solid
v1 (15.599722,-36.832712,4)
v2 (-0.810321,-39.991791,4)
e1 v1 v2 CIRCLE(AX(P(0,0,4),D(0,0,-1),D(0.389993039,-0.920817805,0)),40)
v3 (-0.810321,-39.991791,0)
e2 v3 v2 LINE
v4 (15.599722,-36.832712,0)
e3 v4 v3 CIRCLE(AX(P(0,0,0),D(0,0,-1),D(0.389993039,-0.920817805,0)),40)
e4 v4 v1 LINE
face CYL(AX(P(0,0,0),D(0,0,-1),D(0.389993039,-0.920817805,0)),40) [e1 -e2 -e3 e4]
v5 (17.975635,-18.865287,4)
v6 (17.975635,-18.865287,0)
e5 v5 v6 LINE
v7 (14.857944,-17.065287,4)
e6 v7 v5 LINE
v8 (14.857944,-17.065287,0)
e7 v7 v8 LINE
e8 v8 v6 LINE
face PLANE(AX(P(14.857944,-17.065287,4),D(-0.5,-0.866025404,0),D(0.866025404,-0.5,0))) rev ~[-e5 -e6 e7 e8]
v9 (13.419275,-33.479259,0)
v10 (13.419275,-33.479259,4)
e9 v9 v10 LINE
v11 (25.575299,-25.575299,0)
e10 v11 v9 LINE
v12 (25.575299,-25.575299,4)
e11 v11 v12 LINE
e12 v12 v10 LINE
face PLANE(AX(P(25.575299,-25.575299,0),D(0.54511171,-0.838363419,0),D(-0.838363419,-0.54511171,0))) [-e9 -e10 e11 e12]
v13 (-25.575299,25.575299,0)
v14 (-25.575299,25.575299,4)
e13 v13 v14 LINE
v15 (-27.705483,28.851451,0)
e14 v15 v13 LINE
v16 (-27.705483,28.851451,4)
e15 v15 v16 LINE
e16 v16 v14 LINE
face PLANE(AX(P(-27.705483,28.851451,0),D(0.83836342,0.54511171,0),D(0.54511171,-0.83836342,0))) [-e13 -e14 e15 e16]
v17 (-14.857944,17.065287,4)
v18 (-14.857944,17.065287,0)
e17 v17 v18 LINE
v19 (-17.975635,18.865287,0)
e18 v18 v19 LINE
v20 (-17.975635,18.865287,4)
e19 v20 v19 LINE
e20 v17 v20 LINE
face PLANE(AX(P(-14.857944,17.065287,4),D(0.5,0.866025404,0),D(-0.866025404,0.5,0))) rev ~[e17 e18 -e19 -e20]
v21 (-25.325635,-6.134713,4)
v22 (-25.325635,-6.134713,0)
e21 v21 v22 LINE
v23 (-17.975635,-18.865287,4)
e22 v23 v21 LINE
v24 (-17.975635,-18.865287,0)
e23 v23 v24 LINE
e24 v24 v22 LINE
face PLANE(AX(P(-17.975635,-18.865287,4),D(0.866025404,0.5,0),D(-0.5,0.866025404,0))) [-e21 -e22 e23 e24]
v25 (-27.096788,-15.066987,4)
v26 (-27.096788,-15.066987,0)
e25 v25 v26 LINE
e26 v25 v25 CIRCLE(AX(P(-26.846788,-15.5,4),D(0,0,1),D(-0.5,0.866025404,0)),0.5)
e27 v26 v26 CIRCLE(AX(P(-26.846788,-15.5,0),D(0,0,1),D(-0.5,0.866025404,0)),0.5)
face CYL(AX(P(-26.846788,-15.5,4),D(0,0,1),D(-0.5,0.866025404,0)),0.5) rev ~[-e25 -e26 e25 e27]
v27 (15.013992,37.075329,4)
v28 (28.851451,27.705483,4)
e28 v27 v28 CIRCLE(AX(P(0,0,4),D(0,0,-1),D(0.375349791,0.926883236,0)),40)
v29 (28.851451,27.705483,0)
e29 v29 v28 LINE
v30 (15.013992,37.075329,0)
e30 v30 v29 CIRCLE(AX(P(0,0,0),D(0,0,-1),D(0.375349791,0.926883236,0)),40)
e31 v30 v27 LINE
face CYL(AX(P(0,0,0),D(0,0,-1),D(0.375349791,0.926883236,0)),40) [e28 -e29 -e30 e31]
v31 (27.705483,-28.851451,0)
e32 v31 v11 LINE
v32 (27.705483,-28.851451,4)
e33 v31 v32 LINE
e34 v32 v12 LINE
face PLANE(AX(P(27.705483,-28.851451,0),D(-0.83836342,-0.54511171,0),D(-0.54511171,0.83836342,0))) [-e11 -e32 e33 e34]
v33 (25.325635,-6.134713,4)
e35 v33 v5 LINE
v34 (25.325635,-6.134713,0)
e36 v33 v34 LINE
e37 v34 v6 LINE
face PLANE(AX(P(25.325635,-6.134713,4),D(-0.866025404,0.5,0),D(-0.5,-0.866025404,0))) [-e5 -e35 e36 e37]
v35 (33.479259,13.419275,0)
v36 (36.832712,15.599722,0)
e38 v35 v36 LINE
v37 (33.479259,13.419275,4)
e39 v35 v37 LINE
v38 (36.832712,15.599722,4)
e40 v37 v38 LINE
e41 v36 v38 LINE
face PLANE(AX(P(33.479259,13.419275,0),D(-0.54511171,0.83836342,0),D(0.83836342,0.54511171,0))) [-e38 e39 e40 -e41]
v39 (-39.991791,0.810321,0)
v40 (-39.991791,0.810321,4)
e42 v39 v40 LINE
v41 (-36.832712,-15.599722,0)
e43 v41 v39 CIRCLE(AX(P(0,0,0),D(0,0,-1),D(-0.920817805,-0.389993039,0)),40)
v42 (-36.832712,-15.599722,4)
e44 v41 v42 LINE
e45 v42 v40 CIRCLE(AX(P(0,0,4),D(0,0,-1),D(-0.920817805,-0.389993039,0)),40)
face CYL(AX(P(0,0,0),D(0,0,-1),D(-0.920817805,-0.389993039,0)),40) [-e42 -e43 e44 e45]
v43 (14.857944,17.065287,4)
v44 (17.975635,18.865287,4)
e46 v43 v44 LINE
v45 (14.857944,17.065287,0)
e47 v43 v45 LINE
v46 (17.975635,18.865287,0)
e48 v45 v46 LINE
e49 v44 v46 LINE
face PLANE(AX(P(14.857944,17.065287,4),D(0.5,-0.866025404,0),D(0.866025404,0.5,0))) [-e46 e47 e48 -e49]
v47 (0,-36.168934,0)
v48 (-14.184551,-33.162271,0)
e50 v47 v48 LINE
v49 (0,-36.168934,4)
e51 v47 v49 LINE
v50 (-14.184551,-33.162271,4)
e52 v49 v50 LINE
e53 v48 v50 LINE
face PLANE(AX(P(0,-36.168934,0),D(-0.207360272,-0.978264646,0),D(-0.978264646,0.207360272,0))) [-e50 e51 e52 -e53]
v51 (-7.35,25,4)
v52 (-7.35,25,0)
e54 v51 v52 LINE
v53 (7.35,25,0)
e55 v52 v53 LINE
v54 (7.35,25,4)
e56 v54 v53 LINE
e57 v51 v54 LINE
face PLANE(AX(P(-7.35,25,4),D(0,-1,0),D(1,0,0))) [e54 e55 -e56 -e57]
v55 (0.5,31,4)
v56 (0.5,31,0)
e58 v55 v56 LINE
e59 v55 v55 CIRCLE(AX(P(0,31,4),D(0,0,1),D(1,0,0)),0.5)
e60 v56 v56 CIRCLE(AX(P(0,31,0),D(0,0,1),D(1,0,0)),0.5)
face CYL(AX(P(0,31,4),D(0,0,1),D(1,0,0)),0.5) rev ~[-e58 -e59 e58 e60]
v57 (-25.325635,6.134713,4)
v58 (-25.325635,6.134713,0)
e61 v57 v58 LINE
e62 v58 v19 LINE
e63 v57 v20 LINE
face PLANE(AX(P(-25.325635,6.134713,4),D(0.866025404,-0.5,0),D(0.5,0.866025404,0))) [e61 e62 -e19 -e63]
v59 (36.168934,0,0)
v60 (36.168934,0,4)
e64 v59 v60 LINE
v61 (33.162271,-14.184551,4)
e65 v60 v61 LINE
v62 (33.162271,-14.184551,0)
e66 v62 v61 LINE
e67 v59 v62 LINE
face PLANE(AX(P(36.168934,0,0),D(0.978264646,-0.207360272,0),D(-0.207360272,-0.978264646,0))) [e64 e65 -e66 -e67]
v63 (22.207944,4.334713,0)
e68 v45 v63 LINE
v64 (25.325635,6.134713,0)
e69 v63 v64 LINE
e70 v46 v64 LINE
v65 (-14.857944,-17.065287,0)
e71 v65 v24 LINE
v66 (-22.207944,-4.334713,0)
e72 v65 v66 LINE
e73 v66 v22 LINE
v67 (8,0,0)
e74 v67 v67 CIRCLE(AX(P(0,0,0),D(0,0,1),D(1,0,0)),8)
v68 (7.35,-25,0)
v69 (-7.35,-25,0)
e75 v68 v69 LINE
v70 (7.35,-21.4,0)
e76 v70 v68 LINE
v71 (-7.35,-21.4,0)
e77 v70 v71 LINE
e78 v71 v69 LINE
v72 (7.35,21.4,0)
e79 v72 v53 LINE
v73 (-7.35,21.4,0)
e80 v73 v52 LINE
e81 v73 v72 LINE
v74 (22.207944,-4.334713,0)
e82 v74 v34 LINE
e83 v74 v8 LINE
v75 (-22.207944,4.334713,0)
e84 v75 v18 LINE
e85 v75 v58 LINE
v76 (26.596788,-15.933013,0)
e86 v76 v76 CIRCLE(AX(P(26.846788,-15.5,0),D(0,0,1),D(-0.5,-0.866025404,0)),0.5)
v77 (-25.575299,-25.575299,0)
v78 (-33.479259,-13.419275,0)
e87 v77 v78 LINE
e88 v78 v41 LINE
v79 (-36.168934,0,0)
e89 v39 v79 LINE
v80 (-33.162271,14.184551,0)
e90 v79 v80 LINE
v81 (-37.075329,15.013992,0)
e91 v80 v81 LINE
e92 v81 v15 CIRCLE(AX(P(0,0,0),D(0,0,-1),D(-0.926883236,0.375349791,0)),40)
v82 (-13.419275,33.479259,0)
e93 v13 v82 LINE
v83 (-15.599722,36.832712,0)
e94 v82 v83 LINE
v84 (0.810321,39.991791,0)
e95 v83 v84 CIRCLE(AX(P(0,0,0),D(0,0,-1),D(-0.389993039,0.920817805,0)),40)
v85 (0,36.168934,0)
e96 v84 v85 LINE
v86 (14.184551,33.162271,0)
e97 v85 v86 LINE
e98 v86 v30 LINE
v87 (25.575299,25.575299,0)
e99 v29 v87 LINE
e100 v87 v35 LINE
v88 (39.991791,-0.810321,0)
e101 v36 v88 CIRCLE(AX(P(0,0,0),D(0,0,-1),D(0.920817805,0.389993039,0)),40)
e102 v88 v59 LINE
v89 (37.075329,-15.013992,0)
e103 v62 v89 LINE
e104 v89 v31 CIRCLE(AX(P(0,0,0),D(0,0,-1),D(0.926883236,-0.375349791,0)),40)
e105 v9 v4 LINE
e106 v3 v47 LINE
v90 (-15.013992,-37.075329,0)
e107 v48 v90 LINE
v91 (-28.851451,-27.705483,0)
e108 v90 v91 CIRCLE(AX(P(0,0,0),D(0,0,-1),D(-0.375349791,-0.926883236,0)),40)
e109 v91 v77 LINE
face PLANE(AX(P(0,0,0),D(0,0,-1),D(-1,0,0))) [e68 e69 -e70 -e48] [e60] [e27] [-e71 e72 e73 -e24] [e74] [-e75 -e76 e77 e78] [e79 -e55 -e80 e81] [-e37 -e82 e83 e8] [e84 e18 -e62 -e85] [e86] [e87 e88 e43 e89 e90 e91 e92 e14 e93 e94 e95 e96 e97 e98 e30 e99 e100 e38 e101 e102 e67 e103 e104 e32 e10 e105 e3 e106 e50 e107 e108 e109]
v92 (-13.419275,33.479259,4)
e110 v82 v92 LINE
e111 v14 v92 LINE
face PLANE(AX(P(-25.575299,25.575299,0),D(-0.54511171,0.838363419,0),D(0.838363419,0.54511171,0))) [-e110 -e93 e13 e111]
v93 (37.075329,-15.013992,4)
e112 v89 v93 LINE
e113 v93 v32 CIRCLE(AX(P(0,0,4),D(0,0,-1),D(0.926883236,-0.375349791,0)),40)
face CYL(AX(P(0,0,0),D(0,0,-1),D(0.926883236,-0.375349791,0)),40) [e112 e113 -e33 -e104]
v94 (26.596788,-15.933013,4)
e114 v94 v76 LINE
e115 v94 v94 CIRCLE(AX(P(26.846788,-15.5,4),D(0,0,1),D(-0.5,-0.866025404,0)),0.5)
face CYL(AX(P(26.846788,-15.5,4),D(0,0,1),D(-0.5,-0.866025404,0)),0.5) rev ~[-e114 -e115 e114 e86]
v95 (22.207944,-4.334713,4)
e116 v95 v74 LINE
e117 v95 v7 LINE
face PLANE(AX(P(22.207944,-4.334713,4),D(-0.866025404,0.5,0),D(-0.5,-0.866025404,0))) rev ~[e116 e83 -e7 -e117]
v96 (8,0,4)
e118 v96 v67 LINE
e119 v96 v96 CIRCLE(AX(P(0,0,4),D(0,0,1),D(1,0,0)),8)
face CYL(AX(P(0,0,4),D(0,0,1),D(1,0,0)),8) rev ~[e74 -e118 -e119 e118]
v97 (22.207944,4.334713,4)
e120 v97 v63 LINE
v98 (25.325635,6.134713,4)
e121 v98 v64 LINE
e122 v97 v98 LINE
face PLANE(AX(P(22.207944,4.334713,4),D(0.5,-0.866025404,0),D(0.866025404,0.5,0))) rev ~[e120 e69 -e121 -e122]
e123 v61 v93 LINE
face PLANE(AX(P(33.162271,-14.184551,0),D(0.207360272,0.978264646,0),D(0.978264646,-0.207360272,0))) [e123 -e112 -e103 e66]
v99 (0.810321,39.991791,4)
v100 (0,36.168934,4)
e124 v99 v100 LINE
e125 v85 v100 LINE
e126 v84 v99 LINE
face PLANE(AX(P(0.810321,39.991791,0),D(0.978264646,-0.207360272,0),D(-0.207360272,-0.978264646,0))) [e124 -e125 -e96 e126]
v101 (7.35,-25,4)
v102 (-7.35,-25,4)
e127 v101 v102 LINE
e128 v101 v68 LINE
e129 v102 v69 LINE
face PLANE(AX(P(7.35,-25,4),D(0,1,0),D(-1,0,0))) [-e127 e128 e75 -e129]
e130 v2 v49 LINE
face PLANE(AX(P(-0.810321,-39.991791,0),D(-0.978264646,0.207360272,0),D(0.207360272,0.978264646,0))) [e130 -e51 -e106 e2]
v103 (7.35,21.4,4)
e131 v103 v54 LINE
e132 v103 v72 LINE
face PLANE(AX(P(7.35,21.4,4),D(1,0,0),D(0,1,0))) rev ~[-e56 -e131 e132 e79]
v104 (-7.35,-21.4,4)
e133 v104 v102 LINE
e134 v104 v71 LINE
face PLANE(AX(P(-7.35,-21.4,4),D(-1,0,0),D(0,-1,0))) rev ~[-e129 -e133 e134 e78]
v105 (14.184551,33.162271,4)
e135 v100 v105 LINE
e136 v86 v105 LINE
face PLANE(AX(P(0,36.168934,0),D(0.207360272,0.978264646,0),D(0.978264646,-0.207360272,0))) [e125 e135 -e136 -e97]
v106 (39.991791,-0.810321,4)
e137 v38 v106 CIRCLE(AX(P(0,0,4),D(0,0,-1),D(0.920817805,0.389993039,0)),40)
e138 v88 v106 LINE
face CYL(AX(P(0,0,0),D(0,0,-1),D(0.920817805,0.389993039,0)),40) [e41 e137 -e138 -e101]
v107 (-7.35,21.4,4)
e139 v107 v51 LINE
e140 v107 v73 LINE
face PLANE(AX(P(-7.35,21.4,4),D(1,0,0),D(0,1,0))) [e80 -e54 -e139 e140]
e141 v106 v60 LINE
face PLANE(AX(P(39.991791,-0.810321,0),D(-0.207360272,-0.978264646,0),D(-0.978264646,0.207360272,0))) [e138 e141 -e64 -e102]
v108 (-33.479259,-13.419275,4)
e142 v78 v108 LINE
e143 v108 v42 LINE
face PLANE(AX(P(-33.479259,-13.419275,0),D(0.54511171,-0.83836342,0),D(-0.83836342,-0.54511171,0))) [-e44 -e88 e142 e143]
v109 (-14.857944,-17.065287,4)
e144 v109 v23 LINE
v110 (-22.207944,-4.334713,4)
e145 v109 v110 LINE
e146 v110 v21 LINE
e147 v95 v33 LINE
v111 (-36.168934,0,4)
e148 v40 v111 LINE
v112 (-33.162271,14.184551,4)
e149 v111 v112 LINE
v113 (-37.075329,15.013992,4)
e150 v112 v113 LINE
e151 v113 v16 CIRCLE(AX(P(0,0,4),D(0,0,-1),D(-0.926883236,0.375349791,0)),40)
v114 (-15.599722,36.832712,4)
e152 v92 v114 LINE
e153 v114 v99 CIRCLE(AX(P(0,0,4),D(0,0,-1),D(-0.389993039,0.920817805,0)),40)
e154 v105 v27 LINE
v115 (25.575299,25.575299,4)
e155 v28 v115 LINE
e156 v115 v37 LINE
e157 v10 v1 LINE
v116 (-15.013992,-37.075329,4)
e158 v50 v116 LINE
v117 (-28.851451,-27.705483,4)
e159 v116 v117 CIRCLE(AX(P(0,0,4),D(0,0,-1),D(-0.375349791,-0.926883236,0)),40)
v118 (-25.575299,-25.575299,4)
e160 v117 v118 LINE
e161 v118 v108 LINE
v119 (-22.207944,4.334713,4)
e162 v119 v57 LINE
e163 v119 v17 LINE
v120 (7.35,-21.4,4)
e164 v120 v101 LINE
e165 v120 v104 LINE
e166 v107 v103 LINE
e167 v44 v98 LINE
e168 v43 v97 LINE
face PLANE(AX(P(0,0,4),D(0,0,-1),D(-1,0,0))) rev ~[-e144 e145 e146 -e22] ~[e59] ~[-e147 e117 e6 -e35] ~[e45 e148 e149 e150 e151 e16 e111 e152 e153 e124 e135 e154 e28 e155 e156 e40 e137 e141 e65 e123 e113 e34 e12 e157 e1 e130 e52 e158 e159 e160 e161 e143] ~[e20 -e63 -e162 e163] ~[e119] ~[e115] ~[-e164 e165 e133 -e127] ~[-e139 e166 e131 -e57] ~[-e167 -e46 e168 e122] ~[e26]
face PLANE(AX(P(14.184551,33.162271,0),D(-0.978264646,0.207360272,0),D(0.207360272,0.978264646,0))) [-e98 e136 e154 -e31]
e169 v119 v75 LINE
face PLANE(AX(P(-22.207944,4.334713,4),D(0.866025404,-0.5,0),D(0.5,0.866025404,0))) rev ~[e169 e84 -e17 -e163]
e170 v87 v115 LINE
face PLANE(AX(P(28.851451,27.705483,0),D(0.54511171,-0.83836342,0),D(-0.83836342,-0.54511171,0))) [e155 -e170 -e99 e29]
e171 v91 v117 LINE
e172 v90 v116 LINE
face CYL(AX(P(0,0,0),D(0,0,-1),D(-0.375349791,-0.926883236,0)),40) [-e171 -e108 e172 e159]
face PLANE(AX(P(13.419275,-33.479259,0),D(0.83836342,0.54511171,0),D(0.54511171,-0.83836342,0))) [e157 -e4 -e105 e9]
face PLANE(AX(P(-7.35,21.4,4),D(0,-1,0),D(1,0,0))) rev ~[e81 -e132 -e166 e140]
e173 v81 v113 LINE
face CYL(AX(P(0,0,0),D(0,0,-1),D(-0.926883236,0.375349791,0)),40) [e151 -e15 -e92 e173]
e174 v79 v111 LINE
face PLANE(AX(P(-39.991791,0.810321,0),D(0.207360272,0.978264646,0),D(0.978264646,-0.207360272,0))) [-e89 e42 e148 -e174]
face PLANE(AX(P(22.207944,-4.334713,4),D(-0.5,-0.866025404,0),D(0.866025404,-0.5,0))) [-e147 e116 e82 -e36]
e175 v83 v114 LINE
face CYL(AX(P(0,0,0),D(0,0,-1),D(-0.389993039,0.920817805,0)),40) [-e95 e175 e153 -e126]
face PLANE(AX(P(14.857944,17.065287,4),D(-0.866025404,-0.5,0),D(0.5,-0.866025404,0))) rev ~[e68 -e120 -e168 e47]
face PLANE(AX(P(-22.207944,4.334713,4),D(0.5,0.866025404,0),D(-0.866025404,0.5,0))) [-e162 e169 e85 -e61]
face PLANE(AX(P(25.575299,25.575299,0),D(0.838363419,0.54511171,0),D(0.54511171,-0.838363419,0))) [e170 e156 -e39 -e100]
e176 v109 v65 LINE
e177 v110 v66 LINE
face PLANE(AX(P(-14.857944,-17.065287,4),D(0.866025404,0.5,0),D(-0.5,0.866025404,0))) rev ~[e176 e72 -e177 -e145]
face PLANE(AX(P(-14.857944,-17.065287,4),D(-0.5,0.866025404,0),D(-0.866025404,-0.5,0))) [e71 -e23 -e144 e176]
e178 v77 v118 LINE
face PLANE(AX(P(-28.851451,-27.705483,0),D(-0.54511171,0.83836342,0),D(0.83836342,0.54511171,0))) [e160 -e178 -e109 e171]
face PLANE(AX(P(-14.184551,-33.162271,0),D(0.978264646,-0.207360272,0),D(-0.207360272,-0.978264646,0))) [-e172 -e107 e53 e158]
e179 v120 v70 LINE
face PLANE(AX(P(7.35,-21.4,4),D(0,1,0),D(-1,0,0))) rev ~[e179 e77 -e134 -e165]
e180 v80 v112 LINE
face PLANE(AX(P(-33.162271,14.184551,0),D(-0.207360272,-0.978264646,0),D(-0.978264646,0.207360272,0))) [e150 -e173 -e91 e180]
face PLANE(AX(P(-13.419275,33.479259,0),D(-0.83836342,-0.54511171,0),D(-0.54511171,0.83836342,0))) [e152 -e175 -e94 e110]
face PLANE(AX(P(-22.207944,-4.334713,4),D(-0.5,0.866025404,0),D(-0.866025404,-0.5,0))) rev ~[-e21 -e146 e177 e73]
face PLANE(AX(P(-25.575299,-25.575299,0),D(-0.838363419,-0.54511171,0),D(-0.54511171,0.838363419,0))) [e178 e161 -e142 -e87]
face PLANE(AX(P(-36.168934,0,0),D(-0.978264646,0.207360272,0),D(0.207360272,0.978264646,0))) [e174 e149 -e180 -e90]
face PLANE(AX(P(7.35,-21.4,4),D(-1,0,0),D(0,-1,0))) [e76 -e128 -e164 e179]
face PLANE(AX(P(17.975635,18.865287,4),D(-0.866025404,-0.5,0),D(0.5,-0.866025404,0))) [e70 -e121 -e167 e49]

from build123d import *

# Parameters (mm, degrees)
AUFSATZ_LINEAR_AUSTRAGEN1_DEPTH = 4
SCHNITT_LINEAR_AUSTRAGEN1_REACH = 6
SKIZZE2_R                       = 8
SKIZZE4_W                       = 14.7
SKIZZE4_H                       = 3.6
SCHNITT_LINEAR_AUSTRAGEN2_DEPTH = 4
KREISMUSTER1_COUNT              = 6
SKIZZE5_R                       = 0.5
SCHNITT_LINEAR_AUSTRAGEN3_DEPTH = 4
KREISMUSTER2_COUNT              = 3


with BuildPart() as part:
    # Skizze1 → Aufsatz-Linear austragen1 (new body)
    with BuildSketch(Plane.XY):
        with BuildLine():
            Line((0, 36.168934028), (14.18455057, 33.162270875))
            Line((14.18455057, 33.162270875), (15.013991658, 37.075329459))
            ThreePointArc((15.013991658, 37.075329459), (22.427500118, 33.121099596), (28.851450623, 27.705483157))
            Line((28.851450623, 27.705483157), (25.57529852, 25.57529852))
            Line((25.57529852, 25.57529852), (33.479258511, 13.41927472))
            Line((33.479258511, 13.41927472), (36.832712189, 15.599721561))
            ThreePointArc((36.832712189, 15.599721561), (39.278791543, 7.561516706), (39.991791399, -0.810321366))
            Line((39.991791399, -0.810321366), (36.168934028, 0))
            Line((36.168934028, 0), (33.162270875, -14.18455057))
            Line((33.162270875, -14.18455057), (37.075329459, -15.013991658))
            ThreePointArc((37.075329459, -15.013991658), (33.121099596, -22.427500118), (27.705483157, -28.851450623))
            Line((27.705483157, -28.851450623), (25.57529852, -25.57529852))
            Line((25.57529852, -25.57529852), (13.41927472, -33.479258511))
            Line((13.41927472, -33.479258511), (15.599721561, -36.832712189))
            ThreePointArc((15.599721561, -36.832712189), (7.561516706, -39.278791543), (-0.810321366, -39.991791399))
            Line((-0.810321366, -39.991791399), (0, -36.168934028))
            Line((0, -36.168934028), (-14.18455057, -33.162270875))
            Line((-14.18455057, -33.162270875), (-15.013991658, -37.075329459))
            ThreePointArc((-15.013991658, -37.075329459), (-22.427500118, -33.121099596), (-28.851450623, -27.705483157))
            Line((-28.851450623, -27.705483157), (-25.57529852, -25.57529852))
            Line((-25.57529852, -25.57529852), (-33.479258511, -13.41927472))
            Line((-33.479258511, -13.41927472), (-36.832712189, -15.599721561))
            ThreePointArc((-36.832712189, -15.599721561), (-39.278791543, -7.561516706), (-39.991791399, 0.810321366))
            Line((-39.991791399, 0.810321366), (-36.168934028, 0))
            Line((-36.168934028, 0), (-33.162270875, 14.18455057))
            Line((-33.162270875, 14.18455057), (-37.075329459, 15.013991658))
            ThreePointArc((-37.075329459, 15.013991658), (-33.121099596, 22.427500118), (-27.705483157, 28.851450623))
            Line((-27.705483157, 28.851450623), (-25.57529852, 25.57529852))
            Line((-25.57529852, 25.57529852), (-13.41927472, 33.479258511))
            Line((-13.41927472, 33.479258511), (-15.599721561, 36.832712189))
            ThreePointArc((-15.599721561, 36.832712189), (-7.561516706, 39.278791543), (0.810321366, 39.991791399))
            Line((0.810321366, 39.991791399), (0, 36.168934028))
        make_face()
    extrude(amount=AUFSATZ_LINEAR_AUSTRAGEN1_DEPTH)

    # Skizze2 → Schnitt-Linear austragen1 (cut, up to next)
    with BuildSketch(Plane.XY.offset(4), mode=Mode.PRIVATE) as schnitt_linear_austragen1_sk1:
        Circle(SKIZZE2_R)
    schnitt_linear_austragen1_tool1 = extrude(schnitt_linear_austragen1_sk1.sketch, amount=-SCHNITT_LINEAR_AUSTRAGEN1_REACH, mode=Mode.PRIVATE) & part.part
    add(schnitt_linear_austragen1_tool1.solids().sort_by_distance((0, 0, 4))[0], mode=Mode.SUBTRACT)

    # Skizze4 → Schnitt-Linear austragen2 (cut)
    with BuildSketch(Plane.XY.offset(4)):
        with Locations((0, 23.2)):
            Rectangle(SKIZZE4_W, SKIZZE4_H)
    schnitt_linear_austragen2 = extrude(amount=-SCHNITT_LINEAR_AUSTRAGEN2_DEPTH, mode=Mode.SUBTRACT)

    # Kreismuster1: Schnitt-Linear austragen2 ×6 about axis
    kreismuster1_axis = Axis((0, 0, 0), (0, 0, 1))
    for i in range(1, KREISMUSTER1_COUNT):
        add(schnitt_linear_austragen2.rotate(kreismuster1_axis, i * 360 / KREISMUSTER1_COUNT), mode=Mode.SUBTRACT)

    # Skizze5 → Schnitt-Linear austragen3 (cut)
    with BuildSketch(Plane.XY.offset(4)):
        with Locations((0, 31)):
            Circle(SKIZZE5_R)
    schnitt_linear_austragen3 = extrude(amount=-SCHNITT_LINEAR_AUSTRAGEN3_DEPTH, mode=Mode.SUBTRACT)

    # Kreismuster2: Schnitt-Linear austragen3 ×3 about axis
    kreismuster2_axis = Axis((0, 0, 0), (0, 0, 1))
    for i in range(1, KREISMUSTER2_COUNT):
        add(schnitt_linear_austragen3.rotate(kreismuster2_axis, i * 360 / KREISMUSTER2_COUNT), mode=Mode.SUBTRACT)


solid = part.part
